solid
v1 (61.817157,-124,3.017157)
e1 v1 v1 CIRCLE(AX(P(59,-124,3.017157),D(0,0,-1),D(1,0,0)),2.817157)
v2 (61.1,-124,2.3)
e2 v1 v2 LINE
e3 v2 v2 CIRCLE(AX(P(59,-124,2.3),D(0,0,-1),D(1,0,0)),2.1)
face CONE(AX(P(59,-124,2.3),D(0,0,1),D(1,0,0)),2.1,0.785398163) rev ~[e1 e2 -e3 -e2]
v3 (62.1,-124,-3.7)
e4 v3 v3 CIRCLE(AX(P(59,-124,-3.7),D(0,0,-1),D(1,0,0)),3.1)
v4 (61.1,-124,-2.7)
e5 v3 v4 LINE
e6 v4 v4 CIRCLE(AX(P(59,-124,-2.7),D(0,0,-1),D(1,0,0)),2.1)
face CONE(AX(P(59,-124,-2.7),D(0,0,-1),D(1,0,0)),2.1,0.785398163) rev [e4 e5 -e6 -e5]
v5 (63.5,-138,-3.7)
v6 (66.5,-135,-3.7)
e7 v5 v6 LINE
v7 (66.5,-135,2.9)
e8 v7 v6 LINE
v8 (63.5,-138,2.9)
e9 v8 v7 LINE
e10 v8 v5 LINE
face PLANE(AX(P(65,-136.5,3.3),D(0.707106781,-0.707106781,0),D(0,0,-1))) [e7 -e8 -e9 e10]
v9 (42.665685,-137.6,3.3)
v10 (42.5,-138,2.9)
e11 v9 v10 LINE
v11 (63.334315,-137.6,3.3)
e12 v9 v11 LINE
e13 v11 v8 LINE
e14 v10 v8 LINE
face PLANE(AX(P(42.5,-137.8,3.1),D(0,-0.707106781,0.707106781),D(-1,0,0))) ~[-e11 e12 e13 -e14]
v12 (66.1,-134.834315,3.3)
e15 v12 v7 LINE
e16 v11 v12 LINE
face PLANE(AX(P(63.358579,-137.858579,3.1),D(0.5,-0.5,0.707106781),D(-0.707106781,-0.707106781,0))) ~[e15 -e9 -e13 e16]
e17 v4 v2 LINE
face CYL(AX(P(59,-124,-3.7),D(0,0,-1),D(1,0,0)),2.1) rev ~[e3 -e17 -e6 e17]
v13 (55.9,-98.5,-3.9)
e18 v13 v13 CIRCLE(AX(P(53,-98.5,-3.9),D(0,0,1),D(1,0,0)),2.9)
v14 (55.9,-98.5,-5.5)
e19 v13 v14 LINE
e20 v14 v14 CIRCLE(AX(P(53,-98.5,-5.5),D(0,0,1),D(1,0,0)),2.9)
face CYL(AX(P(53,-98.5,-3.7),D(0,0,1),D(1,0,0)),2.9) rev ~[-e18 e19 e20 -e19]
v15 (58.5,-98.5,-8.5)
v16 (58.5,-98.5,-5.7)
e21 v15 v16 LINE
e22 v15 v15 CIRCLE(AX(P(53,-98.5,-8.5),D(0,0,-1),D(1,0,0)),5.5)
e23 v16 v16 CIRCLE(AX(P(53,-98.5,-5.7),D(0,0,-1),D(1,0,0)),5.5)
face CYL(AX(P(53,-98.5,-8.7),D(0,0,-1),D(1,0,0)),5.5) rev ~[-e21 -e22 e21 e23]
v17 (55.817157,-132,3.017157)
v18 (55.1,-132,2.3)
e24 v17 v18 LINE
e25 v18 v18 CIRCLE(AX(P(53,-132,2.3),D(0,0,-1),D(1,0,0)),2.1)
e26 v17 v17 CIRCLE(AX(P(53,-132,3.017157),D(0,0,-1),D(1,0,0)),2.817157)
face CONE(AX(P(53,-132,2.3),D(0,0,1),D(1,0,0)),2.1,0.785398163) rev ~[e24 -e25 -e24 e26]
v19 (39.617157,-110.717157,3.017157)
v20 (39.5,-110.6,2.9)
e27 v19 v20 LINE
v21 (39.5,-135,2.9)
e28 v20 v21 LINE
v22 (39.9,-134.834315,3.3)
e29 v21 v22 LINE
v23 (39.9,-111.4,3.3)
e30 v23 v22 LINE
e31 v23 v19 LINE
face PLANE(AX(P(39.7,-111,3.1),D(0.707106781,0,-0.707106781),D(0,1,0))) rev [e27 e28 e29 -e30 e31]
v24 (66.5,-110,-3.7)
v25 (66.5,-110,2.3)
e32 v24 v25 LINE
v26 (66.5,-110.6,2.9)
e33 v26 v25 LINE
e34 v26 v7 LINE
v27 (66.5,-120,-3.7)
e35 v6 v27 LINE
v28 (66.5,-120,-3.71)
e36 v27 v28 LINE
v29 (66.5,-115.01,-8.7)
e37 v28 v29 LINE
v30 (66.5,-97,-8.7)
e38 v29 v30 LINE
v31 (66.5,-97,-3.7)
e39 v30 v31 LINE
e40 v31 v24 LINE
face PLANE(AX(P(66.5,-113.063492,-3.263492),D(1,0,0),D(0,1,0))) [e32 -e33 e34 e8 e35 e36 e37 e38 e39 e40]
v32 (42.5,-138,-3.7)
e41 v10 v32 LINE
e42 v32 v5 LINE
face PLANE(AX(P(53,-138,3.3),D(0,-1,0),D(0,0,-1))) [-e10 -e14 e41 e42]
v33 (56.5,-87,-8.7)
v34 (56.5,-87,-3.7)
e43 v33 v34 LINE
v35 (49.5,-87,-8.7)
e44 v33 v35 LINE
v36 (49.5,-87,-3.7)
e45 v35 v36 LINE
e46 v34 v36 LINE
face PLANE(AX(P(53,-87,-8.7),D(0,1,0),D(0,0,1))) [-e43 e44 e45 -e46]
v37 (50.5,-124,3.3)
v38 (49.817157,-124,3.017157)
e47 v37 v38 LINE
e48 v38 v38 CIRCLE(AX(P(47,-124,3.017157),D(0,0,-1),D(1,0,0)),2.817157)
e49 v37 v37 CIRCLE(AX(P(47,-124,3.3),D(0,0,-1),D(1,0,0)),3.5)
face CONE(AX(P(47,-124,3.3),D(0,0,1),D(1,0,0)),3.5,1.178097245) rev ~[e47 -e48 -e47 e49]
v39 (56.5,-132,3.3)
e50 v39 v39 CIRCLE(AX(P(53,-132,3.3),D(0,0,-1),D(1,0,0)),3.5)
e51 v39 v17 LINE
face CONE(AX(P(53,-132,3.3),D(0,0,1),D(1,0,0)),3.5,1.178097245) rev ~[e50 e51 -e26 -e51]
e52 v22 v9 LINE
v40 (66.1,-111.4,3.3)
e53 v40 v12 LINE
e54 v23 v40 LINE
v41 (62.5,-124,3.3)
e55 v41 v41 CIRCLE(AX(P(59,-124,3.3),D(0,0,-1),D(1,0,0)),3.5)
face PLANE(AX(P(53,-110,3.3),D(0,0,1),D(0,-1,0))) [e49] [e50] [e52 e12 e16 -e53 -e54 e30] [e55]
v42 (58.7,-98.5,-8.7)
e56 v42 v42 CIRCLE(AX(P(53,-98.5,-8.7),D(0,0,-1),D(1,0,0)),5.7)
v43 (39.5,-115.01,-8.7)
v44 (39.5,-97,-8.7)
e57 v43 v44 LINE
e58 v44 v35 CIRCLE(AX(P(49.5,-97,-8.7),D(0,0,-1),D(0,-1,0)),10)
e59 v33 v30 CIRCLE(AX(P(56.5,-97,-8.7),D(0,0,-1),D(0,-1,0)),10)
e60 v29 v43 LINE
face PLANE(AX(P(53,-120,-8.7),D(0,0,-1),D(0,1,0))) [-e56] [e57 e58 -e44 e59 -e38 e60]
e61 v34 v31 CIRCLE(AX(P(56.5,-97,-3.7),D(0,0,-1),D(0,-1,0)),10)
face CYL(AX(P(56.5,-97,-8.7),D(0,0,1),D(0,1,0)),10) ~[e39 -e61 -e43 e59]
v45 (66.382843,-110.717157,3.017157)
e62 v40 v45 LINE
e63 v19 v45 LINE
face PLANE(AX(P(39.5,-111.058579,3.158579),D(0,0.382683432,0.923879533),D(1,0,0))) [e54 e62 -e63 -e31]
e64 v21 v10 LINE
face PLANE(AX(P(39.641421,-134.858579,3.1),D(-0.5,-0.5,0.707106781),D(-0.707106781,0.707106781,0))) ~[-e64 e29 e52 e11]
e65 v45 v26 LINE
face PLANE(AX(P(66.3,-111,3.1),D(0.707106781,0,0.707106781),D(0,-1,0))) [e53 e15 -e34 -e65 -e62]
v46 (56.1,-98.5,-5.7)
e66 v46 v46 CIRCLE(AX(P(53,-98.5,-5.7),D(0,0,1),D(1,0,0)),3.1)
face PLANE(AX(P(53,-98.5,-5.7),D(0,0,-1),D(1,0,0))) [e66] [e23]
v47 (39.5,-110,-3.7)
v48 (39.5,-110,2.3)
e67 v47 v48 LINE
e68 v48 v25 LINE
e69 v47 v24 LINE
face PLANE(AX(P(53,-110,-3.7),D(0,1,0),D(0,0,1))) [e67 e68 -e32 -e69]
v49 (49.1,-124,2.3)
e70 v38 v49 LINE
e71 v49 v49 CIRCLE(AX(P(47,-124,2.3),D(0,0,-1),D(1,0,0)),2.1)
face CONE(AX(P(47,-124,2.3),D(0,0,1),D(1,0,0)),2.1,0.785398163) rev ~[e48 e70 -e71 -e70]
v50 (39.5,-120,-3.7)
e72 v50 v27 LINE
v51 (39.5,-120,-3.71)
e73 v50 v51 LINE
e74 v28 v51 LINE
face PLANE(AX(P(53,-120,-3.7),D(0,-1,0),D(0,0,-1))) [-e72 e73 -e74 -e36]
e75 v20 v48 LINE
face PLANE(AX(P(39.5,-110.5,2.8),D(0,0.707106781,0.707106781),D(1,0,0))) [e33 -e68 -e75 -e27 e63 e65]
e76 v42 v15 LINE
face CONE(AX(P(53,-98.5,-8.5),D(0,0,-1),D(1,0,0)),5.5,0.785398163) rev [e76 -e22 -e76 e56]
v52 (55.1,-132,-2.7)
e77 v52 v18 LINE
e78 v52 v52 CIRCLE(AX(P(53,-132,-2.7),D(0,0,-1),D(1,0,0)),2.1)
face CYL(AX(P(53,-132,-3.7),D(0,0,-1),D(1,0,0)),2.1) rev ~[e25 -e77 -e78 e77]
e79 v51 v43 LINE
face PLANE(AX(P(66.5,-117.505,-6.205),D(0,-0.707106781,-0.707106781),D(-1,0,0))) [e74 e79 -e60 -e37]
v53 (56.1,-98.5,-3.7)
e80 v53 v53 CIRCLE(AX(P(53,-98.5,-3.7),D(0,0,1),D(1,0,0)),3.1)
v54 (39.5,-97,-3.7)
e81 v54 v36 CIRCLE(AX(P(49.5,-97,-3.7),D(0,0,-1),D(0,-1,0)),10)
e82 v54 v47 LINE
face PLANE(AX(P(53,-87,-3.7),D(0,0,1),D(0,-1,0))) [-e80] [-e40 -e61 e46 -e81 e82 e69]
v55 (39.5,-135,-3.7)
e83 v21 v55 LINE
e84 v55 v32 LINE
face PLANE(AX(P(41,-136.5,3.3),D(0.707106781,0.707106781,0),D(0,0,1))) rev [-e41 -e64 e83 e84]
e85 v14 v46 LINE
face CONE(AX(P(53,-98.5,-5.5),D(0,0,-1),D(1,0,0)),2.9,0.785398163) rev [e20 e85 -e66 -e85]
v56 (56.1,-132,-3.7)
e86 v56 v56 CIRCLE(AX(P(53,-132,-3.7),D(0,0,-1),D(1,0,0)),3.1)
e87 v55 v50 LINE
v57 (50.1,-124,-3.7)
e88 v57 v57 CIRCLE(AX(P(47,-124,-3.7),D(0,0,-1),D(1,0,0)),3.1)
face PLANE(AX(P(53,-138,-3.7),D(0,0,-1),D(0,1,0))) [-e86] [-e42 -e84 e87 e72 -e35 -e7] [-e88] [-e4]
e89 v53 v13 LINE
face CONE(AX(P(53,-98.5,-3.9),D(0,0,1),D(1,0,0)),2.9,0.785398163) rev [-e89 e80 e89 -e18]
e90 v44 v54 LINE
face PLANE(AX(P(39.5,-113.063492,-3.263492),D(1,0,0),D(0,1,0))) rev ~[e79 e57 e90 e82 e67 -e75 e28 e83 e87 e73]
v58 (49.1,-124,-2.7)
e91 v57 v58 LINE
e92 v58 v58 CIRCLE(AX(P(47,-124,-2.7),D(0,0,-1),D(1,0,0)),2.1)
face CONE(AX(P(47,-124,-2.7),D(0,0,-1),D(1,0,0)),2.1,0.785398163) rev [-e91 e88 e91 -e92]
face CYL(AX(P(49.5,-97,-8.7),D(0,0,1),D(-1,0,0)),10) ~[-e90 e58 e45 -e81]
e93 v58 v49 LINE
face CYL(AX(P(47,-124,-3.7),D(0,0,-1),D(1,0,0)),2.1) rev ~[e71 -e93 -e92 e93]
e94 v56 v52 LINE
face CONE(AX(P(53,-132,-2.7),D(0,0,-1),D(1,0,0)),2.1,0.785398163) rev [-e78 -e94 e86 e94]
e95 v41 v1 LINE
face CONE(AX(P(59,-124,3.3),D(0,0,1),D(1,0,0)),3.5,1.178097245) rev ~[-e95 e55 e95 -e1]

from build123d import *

# Parameters (mm, degrees)
PAD024_DEPTH    = 13.5
SKETCH067_R     = 2.9
POCKET045_DEPTH = 5.001
SKETCH068_R     = 5.5
POCKET046_DEPTH = 3
SKETCH069_R     = 2.1
POCKET047_DEPTH = 7.001
CHAMFER023_SIZE = 4.99
FILLET014_R     = 10
CHAMFER024_SIZE = 3
CHAMFER025_SIZE = 0.2
CHAMFER026_SIZE = 1
CHAMFER027_SIZE = 1
CHAMFER028_SIZE = 0.4


with BuildPart() as part:
    # Sketch066 → Pad024 (new body, symmetric)
    with BuildSketch(Plane.YZ):
        Polygon((23, 0), (0, 0), (0, 7), (-28, 7), (-28, 0), (-10, 0), (-10, -5), (23, -5), align=None)
    extrude(amount=PAD024_DEPTH, both=True)

    # Sketch067 → Pocket045 (cut, through all)
    with BuildSketch(Plane.XY):
        with Locations((0, 11.5)):
            Circle(SKETCH067_R)
    extrude(amount=-POCKET045_DEPTH, mode=Mode.SUBTRACT)

    # Sketch068 (on Face7 of Pocket045) → Pocket046 (cut)
    with BuildSketch(Plane(origin=(0, 0, -5), x_dir=(1, 0, 0), z_dir=(0, 0, -1))):
        with Locations((0, -11.5)):
            Circle(SKETCH068_R)
    extrude(amount=-POCKET046_DEPTH, mode=Mode.SUBTRACT)

    # Sketch069 (on Face10 of Pocket046) → Pocket047 (cut, through all)
    with BuildSketch(Plane(origin=(0, 0, 0), x_dir=(1, 0, 0), z_dir=(0, 0, -1))):
        with Locations((0, 22)):
            Circle(SKETCH069_R)
        with Locations((-6, 14)):
            Circle(SKETCH069_R)
        with Locations((6, 14)):
            Circle(SKETCH069_R)
    extrude(amount=-POCKET047_DEPTH, mode=Mode.SUBTRACT)

    # Chamfer023
    chamfer023_edges = [part.edges().sort_by_distance(p)[0] for p in [
        (0, -10, -5),
    ]]
    chamfer(chamfer023_edges, length=CHAMFER023_SIZE)

    # Fillet014
    fillet014_edges = [part.edges().sort_by_distance(p)[0] for p in [
        (13.5, 23, -2.5),
        (-13.5, 23, -2.5),
    ]]
    fillet(fillet014_edges, radius=FILLET014_R)

    # Chamfer024
    chamfer024_edges = [part.edges().sort_by_distance(p)[0] for p in [
        (13.5, -28, 3.5),
        (-13.5, -28, 3.5),
    ]]
    chamfer(chamfer024_edges, length=CHAMFER024_SIZE)

    # Chamfer025
    chamfer025_edges = [part.edges().sort_by_distance(p)[0] for p in [
        (-2.9, 11.5, 0),
        (-2.9, 11.5, -2),
        (-5.5, 11.5, -5),
    ]]
    chamfer(chamfer025_edges, length=CHAMFER025_SIZE)

    # Chamfer026
    chamfer026_edges = [part.edges().sort_by_distance(p)[0] for p in [
        (3.9, -14, 0),
        (3.9, -14, 7),
        (-2.1, -22, 7),
        (-2.1, -22, 0),
        (-8.1, -14, 0),
        (-8.1, -14, 7),
    ]]
    chamfer(chamfer026_edges, length=CHAMFER026_SIZE)

    # Chamfer027
    chamfer027_edges = [part.edges().sort_by_distance(p)[0] for p in [
        (0, 0, 7),
    ]]
    chamfer(chamfer027_edges, length=CHAMFER027_SIZE)

    # Chamfer028
    chamfer028_edges = [part.edges().sort_by_distance(p)[0] for p in [
        (-13.5, -13, 7),
        (0, -1, 7),
        (-12, -26.5, 7),
        (13.5, -13, 7),
        (0, -28, 7),
        (12, -26.5, 7),
        (2.9, -14, 7),
        (-3.1, -22, 7),
        (-9.1, -14, 7),
    ]]
    chamfer(chamfer028_edges, length=CHAMFER028_SIZE)


with BuildPart() as part_1:
    # Body013 placement: moved
    add(part.part.moved(Location((53, -110, -3.7))))


solid = part_1.part
